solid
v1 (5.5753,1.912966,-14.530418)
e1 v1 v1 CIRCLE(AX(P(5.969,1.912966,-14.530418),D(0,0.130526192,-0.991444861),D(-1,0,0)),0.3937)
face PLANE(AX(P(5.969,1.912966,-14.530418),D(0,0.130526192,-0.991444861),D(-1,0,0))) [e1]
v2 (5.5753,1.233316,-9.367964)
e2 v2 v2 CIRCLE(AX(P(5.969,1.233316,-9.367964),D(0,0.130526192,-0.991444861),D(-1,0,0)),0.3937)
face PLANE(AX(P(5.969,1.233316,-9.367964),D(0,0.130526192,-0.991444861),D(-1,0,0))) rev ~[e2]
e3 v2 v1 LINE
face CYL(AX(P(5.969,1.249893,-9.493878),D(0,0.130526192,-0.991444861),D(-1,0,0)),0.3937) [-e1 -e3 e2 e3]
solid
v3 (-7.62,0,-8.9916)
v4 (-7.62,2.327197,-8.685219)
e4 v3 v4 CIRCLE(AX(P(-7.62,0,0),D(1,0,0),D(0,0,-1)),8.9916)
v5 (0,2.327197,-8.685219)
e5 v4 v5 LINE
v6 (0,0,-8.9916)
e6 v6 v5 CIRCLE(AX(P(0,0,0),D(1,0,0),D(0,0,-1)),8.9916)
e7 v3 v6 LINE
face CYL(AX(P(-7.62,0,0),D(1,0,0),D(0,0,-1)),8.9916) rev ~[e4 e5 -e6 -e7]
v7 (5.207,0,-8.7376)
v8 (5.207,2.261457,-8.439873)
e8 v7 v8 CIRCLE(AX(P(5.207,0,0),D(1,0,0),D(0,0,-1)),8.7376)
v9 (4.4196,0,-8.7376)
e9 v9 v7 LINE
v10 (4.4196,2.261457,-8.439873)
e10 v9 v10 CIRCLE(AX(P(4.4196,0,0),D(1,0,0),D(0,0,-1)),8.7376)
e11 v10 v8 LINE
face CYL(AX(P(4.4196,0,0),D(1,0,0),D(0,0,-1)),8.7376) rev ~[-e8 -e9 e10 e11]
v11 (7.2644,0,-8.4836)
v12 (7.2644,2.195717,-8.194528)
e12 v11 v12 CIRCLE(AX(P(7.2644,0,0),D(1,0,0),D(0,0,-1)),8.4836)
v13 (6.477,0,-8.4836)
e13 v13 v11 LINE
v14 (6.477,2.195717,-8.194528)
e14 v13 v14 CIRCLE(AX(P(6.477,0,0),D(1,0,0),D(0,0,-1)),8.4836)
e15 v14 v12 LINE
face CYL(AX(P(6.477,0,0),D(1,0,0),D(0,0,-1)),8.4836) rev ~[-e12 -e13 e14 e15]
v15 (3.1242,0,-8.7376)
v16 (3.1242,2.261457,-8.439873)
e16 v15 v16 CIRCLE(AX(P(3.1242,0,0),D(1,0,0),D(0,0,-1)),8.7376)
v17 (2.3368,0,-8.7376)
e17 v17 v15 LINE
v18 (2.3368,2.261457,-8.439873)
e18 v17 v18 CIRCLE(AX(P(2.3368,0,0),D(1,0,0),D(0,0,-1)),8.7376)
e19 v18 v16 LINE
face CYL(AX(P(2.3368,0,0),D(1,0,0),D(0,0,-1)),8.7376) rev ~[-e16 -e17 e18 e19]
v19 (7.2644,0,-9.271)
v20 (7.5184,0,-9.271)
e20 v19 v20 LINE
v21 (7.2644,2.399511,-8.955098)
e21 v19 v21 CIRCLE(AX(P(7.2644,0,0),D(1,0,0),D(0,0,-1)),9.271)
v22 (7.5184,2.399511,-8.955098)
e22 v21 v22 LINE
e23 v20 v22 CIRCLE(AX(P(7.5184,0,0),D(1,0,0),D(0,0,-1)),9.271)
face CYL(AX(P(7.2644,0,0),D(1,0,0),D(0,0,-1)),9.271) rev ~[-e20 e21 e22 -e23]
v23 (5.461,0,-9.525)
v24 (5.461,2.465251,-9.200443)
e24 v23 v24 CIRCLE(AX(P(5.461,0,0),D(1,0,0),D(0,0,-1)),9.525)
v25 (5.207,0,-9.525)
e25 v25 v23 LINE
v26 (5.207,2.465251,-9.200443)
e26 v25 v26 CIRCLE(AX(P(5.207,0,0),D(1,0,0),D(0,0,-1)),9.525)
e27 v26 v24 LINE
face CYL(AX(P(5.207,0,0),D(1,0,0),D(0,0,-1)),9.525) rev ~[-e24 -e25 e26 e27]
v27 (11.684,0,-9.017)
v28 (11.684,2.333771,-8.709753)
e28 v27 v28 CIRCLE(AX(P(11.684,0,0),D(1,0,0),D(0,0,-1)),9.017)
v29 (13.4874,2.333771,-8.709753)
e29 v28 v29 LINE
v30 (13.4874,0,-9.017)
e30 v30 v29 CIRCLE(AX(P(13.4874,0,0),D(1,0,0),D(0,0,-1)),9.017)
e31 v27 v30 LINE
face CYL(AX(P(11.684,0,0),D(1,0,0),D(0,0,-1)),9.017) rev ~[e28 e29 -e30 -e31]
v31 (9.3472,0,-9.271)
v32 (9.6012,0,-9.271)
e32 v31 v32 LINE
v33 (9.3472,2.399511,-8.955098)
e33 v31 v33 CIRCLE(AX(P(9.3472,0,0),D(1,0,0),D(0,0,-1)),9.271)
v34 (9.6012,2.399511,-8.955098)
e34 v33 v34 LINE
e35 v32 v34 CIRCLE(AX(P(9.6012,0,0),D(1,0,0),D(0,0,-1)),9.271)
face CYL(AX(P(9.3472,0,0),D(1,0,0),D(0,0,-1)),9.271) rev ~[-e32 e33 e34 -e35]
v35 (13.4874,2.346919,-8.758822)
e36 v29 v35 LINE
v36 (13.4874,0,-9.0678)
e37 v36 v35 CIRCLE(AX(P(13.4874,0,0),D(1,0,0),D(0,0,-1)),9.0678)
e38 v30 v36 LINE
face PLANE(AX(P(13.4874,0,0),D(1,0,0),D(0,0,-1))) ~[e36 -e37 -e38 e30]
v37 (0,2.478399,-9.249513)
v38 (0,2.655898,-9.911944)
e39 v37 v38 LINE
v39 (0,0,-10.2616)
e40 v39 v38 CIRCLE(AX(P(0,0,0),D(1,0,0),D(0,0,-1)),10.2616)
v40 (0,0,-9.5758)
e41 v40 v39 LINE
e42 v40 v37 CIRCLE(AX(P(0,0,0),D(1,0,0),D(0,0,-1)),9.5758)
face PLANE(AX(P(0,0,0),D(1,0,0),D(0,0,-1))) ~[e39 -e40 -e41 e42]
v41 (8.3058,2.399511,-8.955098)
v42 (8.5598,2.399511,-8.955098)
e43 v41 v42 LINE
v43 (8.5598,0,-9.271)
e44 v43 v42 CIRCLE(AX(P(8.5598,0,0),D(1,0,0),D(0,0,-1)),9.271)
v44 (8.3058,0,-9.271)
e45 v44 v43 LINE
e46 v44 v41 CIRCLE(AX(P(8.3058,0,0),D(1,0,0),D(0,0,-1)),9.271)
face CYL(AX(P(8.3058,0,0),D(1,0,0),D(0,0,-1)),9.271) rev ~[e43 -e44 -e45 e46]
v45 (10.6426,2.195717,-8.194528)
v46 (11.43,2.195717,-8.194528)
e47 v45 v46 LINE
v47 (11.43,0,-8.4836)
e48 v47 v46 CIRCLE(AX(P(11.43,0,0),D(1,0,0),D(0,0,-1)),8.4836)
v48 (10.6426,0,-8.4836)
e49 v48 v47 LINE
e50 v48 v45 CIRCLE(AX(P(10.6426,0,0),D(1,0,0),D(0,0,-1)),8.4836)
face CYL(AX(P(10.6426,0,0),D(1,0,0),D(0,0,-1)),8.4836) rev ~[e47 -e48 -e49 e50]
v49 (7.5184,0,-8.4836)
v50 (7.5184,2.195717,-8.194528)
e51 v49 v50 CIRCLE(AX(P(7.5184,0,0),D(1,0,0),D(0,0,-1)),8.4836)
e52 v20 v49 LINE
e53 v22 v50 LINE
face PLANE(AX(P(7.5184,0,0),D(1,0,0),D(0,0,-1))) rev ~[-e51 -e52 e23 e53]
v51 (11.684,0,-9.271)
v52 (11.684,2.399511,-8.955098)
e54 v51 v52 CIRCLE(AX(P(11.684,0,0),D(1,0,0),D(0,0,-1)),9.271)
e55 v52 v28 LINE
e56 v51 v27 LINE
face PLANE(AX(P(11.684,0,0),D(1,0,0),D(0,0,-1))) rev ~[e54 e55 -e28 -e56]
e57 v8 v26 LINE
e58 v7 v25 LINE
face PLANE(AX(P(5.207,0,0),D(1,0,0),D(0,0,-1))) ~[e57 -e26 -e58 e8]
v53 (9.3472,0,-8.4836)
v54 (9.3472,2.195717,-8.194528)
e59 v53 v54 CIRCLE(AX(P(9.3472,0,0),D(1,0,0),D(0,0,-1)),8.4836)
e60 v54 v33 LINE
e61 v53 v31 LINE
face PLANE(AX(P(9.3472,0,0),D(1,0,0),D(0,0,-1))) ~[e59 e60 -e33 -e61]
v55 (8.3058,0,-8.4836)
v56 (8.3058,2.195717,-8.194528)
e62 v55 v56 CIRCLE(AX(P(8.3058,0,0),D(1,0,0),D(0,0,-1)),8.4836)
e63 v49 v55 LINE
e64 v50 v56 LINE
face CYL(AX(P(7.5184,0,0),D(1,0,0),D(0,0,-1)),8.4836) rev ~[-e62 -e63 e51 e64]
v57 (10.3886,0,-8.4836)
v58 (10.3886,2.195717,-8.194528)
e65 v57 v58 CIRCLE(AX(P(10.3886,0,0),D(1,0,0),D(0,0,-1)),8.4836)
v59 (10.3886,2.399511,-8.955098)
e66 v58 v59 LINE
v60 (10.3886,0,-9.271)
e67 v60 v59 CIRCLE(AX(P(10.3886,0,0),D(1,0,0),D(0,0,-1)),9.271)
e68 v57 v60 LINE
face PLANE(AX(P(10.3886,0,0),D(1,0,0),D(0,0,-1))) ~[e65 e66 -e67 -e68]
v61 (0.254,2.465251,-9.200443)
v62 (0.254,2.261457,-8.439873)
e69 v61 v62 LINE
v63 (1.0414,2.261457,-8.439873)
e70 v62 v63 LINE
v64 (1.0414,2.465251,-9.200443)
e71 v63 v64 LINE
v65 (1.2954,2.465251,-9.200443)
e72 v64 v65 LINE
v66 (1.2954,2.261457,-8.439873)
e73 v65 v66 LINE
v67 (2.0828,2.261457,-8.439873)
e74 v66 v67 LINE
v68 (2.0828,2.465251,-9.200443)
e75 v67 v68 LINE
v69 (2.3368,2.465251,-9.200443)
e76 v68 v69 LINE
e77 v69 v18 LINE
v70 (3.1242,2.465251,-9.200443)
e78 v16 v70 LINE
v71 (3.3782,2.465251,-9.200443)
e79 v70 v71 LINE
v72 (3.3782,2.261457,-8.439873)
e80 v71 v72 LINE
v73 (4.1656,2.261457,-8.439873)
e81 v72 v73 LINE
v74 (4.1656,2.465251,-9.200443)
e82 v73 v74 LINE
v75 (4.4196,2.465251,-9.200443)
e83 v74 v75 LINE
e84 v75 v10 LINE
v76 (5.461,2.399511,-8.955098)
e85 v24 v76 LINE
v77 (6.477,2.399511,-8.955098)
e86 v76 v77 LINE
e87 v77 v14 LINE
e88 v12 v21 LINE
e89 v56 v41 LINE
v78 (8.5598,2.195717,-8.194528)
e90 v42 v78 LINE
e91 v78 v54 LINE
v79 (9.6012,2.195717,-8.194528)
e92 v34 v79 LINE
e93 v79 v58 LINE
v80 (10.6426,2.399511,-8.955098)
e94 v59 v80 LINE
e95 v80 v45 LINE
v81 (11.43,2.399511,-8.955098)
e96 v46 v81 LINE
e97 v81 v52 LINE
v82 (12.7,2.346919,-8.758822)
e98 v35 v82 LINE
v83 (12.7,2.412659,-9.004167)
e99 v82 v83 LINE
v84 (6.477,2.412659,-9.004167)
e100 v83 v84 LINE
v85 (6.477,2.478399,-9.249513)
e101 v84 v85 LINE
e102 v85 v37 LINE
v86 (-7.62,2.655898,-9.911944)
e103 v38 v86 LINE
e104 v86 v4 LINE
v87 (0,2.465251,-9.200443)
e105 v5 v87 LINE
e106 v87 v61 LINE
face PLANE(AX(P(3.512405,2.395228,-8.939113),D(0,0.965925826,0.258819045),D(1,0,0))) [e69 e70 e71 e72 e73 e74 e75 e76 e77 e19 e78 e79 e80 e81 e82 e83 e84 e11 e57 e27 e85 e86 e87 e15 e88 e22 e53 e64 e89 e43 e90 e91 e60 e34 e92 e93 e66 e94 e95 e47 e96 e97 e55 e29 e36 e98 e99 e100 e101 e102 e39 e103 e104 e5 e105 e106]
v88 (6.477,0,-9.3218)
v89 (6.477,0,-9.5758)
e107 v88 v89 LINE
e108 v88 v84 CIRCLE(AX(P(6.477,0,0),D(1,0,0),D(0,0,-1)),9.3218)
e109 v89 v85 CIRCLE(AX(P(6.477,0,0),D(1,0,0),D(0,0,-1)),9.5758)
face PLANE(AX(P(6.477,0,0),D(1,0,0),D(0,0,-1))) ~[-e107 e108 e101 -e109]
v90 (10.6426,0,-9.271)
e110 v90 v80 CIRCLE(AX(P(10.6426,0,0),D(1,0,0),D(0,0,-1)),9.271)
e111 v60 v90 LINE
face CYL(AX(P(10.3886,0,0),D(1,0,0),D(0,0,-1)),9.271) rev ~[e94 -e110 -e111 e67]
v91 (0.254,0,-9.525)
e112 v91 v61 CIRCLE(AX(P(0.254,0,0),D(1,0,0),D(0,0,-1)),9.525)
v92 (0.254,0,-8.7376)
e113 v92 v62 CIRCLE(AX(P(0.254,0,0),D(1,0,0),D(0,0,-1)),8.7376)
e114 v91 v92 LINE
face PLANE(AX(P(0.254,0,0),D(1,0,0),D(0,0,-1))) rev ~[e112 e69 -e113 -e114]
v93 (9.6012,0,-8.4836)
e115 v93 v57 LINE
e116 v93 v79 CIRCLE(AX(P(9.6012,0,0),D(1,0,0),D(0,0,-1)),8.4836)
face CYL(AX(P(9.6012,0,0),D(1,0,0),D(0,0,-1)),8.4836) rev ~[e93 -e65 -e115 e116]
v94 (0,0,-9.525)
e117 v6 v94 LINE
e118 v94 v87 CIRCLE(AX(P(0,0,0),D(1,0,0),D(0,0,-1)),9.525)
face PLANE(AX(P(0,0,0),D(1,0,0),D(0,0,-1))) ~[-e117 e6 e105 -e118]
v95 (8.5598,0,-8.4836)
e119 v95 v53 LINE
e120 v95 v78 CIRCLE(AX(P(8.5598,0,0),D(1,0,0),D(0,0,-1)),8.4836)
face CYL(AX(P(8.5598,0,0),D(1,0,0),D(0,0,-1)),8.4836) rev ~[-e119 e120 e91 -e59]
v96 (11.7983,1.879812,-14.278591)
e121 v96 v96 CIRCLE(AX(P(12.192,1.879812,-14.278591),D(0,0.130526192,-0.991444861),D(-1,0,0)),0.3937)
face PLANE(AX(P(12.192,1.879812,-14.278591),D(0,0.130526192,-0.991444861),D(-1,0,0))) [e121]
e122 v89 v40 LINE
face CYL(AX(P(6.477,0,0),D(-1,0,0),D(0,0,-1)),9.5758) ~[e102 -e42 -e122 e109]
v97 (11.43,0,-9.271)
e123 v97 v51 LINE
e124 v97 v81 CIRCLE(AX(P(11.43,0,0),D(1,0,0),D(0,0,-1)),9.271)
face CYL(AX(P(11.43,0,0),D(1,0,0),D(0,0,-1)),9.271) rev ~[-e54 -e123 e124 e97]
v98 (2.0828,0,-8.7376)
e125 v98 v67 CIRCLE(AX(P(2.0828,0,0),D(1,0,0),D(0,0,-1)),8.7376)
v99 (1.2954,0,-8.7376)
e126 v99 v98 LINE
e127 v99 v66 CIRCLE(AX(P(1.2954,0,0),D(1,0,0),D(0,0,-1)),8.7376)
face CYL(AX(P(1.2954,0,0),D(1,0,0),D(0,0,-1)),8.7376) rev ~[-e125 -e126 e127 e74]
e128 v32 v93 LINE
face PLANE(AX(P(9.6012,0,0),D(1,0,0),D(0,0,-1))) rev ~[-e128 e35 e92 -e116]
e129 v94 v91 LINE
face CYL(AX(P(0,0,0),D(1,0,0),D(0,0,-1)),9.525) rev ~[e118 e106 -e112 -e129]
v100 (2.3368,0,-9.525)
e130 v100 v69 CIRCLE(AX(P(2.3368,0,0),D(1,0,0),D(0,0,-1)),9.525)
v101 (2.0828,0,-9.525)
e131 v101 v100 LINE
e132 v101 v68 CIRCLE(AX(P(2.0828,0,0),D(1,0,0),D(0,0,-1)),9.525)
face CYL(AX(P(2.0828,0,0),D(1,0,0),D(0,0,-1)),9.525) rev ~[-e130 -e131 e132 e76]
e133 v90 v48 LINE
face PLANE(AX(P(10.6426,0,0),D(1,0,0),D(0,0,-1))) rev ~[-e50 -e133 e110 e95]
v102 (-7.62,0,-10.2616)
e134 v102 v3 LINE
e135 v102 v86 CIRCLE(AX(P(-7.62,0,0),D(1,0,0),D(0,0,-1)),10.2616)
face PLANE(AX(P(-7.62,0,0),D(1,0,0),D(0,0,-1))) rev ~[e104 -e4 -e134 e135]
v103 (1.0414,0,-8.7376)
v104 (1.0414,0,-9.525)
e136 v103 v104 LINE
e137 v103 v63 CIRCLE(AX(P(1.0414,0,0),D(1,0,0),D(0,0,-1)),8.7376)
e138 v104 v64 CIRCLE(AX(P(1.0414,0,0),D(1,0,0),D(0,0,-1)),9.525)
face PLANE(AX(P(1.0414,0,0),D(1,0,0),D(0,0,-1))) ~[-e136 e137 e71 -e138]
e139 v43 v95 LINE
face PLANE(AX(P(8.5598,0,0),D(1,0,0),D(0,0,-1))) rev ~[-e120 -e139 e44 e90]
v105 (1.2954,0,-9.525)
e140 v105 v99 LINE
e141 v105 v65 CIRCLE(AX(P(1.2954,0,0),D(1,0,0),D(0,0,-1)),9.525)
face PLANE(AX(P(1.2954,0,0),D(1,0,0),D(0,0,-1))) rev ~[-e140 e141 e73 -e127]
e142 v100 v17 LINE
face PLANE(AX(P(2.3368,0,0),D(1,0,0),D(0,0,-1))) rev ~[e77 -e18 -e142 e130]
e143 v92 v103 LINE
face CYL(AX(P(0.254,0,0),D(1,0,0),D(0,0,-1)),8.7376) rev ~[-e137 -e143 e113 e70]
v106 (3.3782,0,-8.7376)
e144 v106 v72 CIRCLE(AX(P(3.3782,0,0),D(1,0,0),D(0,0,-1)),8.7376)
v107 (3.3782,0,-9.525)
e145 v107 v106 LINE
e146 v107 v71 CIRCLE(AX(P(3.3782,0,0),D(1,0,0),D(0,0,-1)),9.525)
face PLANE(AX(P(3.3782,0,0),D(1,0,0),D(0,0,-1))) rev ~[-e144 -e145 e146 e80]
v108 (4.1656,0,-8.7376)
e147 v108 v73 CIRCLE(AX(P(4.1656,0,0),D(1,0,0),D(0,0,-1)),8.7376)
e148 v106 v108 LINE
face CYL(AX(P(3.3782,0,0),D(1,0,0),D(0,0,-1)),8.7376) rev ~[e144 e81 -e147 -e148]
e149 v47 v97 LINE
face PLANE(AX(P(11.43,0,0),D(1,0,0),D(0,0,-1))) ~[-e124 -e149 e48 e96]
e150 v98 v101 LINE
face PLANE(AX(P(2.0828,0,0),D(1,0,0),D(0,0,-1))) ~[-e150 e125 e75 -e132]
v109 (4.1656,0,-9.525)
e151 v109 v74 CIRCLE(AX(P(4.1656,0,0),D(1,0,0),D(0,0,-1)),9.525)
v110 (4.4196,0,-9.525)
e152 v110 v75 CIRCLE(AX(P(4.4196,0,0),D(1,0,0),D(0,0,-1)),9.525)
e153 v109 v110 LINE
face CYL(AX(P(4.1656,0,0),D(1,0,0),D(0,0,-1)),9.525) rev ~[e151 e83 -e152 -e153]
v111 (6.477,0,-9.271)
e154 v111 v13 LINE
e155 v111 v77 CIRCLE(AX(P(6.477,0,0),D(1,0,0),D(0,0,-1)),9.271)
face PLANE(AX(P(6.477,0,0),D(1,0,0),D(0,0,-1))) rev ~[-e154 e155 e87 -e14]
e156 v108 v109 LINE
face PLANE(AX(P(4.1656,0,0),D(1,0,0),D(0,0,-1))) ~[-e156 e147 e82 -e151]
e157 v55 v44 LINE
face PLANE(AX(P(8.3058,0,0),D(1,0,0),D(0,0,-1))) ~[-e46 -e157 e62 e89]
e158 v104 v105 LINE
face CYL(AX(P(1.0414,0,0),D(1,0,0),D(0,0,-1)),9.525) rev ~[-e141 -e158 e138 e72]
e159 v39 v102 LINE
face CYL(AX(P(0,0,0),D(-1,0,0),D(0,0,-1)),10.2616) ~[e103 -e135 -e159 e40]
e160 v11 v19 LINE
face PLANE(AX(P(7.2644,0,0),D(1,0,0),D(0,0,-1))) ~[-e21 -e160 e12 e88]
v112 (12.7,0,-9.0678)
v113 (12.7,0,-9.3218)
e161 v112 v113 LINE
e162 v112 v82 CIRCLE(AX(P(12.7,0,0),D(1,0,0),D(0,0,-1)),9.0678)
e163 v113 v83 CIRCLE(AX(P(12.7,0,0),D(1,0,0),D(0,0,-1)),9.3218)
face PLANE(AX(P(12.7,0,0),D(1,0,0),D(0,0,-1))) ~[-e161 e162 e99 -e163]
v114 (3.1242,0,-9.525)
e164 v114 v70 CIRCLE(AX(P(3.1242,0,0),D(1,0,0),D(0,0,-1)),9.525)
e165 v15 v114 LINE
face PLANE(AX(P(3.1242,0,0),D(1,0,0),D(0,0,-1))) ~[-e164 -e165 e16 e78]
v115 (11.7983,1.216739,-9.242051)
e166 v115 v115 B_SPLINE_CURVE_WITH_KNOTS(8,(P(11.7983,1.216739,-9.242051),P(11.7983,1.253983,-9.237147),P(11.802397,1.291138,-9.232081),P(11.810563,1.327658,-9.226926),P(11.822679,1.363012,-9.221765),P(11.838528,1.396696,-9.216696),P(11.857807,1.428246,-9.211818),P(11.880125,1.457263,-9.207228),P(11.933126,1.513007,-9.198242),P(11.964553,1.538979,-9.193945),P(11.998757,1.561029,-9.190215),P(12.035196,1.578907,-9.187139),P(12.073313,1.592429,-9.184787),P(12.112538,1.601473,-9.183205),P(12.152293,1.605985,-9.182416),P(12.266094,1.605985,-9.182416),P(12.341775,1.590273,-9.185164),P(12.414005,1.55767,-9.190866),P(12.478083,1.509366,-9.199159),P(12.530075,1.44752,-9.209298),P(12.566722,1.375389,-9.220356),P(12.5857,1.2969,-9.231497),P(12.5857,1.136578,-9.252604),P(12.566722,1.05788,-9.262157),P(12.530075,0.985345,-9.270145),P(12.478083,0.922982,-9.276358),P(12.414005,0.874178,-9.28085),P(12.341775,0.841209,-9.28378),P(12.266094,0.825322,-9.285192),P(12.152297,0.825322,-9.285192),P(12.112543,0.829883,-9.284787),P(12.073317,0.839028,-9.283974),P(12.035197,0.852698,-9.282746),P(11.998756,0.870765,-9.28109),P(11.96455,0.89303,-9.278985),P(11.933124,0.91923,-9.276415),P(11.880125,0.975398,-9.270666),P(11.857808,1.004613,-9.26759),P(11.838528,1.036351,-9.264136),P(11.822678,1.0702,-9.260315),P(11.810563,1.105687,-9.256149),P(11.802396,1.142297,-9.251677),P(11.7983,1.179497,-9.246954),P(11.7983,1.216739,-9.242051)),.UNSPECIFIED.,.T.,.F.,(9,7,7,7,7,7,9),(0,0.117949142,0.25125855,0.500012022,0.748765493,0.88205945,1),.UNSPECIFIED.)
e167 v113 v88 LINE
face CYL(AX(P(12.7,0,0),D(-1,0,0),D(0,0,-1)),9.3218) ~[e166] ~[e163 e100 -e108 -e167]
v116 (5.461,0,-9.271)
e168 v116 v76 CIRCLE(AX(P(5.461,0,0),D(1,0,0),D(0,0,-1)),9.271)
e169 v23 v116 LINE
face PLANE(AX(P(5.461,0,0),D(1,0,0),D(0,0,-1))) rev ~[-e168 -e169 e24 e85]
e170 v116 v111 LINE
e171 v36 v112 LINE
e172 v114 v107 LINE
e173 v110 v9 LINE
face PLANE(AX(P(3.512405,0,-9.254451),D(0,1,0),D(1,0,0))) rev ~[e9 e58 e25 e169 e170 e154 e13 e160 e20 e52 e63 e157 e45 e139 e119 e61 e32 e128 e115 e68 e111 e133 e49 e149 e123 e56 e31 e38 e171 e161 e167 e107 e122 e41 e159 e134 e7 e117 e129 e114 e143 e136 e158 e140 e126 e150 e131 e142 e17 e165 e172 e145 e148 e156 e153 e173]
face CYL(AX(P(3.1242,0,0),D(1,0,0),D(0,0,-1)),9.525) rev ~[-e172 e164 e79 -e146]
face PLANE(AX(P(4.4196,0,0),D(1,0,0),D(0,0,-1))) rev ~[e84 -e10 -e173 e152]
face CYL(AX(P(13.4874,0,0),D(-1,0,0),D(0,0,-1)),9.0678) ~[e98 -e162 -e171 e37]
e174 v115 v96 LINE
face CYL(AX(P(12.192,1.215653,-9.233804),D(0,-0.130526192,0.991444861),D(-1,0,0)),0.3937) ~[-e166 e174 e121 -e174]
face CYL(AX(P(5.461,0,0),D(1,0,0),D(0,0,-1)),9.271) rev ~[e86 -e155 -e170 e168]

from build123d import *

# Parameters (mm, degrees)
REVOLVE1_ANGLE           = 15
SKETCH2_R                = 0.3937
BOSS_EXTRUDE2_DEPTH      = 5.08
BOSS_EXTRUDE2_DEPTH_BACK = 0.127
BOSS_EXTRUDE3_START      = -0.008318
SKETCH3_R                = 0.3937
BOSS_EXTRUDE3_DEPTH      = 5.088318


with BuildPart() as part:
    # Sketch1 → Revolve1 (revolve)
    with BuildSketch(Plane(origin=(0, 0, 0), x_dir=(1, 0, 0), z_dir=(0, 1, 0))):
        Polygon((0.254, 9.525), (0.254, 8.7376), (1.0414, 8.7376), (1.0414, 9.525), (1.2954, 9.525), (1.2954, 8.7376), (2.0828, 8.7376), (2.0828, 9.525), (2.3368, 9.525), (2.3368, 8.7376), (3.1242, 8.7376), (3.1242, 9.525), (3.3782, 9.525), (3.3782, 8.7376), (4.1656, 8.7376), (4.1656, 9.525), (4.4196, 9.525), (4.4196, 8.7376), (5.207, 8.7376), (5.207, 9.525), (5.461, 9.525), (5.461, 9.271), (6.477, 9.271), (6.477, 8.4836), (7.2644, 8.4836), (7.2644, 9.271), (7.5184, 9.271), (7.5184, 8.4836), (8.3058, 8.4836), (8.3058, 9.271), (8.5598, 9.271), (8.5598, 8.4836), (9.3472, 8.4836), (9.3472, 9.271), (9.6012, 9.271), (9.6012, 8.4836), (10.3886, 8.4836), (10.3886, 9.271), (10.6426, 9.271), (10.6426, 8.4836), (11.43, 8.4836), (11.43, 9.271), (11.684, 9.271), (11.684, 9.017), (12.7, 9.017), (13.4874, 9.017), (13.4874, 9.0678), (12.7, 9.0678), (12.7, 9.3218), (6.477, 9.3218), (6.477, 9.5758), (0, 9.5758), (0, 10.2616), (-7.62, 10.2616), (-7.62, 8.9916), (0, 8.9916), (0, 9.525), align=None)
    revolve(axis=Axis((0, 0, 0), (1, 0, 0)), revolution_arc=REVOLVE1_ANGLE)

    # Sketch3 → Boss-Extrude3 (add)
    with BuildSketch(Plane(origin=(0, 1.216739059, -9.242050709), x_dir=(-1, 0, 0), z_dir=(0, 0.130526192, -0.991444861)).offset(BOSS_EXTRUDE3_START)):
        with Locations((-12.192, 0)):
            Circle(SKETCH3_R)
    extrude(amount=BOSS_EXTRUDE3_DEPTH)


with BuildPart() as body_2:
    # Sketch2 → Boss-Extrude2 (new body, two sides)
    with BuildSketch(Plane(origin=(0, 1.249892711, -9.493877704), x_dir=(-1, 0, 0), z_dir=(0, 0.130526192, -0.991444861))) as boss_extrude2_sk:
        with Locations((-5.969, 0)):
            Circle(SKETCH2_R)
    extrude(amount=BOSS_EXTRUDE2_DEPTH)
    extrude(boss_extrude2_sk.sketch, amount=-BOSS_EXTRUDE2_DEPTH_BACK)


solid = Compound([part.part, body_2.part])
